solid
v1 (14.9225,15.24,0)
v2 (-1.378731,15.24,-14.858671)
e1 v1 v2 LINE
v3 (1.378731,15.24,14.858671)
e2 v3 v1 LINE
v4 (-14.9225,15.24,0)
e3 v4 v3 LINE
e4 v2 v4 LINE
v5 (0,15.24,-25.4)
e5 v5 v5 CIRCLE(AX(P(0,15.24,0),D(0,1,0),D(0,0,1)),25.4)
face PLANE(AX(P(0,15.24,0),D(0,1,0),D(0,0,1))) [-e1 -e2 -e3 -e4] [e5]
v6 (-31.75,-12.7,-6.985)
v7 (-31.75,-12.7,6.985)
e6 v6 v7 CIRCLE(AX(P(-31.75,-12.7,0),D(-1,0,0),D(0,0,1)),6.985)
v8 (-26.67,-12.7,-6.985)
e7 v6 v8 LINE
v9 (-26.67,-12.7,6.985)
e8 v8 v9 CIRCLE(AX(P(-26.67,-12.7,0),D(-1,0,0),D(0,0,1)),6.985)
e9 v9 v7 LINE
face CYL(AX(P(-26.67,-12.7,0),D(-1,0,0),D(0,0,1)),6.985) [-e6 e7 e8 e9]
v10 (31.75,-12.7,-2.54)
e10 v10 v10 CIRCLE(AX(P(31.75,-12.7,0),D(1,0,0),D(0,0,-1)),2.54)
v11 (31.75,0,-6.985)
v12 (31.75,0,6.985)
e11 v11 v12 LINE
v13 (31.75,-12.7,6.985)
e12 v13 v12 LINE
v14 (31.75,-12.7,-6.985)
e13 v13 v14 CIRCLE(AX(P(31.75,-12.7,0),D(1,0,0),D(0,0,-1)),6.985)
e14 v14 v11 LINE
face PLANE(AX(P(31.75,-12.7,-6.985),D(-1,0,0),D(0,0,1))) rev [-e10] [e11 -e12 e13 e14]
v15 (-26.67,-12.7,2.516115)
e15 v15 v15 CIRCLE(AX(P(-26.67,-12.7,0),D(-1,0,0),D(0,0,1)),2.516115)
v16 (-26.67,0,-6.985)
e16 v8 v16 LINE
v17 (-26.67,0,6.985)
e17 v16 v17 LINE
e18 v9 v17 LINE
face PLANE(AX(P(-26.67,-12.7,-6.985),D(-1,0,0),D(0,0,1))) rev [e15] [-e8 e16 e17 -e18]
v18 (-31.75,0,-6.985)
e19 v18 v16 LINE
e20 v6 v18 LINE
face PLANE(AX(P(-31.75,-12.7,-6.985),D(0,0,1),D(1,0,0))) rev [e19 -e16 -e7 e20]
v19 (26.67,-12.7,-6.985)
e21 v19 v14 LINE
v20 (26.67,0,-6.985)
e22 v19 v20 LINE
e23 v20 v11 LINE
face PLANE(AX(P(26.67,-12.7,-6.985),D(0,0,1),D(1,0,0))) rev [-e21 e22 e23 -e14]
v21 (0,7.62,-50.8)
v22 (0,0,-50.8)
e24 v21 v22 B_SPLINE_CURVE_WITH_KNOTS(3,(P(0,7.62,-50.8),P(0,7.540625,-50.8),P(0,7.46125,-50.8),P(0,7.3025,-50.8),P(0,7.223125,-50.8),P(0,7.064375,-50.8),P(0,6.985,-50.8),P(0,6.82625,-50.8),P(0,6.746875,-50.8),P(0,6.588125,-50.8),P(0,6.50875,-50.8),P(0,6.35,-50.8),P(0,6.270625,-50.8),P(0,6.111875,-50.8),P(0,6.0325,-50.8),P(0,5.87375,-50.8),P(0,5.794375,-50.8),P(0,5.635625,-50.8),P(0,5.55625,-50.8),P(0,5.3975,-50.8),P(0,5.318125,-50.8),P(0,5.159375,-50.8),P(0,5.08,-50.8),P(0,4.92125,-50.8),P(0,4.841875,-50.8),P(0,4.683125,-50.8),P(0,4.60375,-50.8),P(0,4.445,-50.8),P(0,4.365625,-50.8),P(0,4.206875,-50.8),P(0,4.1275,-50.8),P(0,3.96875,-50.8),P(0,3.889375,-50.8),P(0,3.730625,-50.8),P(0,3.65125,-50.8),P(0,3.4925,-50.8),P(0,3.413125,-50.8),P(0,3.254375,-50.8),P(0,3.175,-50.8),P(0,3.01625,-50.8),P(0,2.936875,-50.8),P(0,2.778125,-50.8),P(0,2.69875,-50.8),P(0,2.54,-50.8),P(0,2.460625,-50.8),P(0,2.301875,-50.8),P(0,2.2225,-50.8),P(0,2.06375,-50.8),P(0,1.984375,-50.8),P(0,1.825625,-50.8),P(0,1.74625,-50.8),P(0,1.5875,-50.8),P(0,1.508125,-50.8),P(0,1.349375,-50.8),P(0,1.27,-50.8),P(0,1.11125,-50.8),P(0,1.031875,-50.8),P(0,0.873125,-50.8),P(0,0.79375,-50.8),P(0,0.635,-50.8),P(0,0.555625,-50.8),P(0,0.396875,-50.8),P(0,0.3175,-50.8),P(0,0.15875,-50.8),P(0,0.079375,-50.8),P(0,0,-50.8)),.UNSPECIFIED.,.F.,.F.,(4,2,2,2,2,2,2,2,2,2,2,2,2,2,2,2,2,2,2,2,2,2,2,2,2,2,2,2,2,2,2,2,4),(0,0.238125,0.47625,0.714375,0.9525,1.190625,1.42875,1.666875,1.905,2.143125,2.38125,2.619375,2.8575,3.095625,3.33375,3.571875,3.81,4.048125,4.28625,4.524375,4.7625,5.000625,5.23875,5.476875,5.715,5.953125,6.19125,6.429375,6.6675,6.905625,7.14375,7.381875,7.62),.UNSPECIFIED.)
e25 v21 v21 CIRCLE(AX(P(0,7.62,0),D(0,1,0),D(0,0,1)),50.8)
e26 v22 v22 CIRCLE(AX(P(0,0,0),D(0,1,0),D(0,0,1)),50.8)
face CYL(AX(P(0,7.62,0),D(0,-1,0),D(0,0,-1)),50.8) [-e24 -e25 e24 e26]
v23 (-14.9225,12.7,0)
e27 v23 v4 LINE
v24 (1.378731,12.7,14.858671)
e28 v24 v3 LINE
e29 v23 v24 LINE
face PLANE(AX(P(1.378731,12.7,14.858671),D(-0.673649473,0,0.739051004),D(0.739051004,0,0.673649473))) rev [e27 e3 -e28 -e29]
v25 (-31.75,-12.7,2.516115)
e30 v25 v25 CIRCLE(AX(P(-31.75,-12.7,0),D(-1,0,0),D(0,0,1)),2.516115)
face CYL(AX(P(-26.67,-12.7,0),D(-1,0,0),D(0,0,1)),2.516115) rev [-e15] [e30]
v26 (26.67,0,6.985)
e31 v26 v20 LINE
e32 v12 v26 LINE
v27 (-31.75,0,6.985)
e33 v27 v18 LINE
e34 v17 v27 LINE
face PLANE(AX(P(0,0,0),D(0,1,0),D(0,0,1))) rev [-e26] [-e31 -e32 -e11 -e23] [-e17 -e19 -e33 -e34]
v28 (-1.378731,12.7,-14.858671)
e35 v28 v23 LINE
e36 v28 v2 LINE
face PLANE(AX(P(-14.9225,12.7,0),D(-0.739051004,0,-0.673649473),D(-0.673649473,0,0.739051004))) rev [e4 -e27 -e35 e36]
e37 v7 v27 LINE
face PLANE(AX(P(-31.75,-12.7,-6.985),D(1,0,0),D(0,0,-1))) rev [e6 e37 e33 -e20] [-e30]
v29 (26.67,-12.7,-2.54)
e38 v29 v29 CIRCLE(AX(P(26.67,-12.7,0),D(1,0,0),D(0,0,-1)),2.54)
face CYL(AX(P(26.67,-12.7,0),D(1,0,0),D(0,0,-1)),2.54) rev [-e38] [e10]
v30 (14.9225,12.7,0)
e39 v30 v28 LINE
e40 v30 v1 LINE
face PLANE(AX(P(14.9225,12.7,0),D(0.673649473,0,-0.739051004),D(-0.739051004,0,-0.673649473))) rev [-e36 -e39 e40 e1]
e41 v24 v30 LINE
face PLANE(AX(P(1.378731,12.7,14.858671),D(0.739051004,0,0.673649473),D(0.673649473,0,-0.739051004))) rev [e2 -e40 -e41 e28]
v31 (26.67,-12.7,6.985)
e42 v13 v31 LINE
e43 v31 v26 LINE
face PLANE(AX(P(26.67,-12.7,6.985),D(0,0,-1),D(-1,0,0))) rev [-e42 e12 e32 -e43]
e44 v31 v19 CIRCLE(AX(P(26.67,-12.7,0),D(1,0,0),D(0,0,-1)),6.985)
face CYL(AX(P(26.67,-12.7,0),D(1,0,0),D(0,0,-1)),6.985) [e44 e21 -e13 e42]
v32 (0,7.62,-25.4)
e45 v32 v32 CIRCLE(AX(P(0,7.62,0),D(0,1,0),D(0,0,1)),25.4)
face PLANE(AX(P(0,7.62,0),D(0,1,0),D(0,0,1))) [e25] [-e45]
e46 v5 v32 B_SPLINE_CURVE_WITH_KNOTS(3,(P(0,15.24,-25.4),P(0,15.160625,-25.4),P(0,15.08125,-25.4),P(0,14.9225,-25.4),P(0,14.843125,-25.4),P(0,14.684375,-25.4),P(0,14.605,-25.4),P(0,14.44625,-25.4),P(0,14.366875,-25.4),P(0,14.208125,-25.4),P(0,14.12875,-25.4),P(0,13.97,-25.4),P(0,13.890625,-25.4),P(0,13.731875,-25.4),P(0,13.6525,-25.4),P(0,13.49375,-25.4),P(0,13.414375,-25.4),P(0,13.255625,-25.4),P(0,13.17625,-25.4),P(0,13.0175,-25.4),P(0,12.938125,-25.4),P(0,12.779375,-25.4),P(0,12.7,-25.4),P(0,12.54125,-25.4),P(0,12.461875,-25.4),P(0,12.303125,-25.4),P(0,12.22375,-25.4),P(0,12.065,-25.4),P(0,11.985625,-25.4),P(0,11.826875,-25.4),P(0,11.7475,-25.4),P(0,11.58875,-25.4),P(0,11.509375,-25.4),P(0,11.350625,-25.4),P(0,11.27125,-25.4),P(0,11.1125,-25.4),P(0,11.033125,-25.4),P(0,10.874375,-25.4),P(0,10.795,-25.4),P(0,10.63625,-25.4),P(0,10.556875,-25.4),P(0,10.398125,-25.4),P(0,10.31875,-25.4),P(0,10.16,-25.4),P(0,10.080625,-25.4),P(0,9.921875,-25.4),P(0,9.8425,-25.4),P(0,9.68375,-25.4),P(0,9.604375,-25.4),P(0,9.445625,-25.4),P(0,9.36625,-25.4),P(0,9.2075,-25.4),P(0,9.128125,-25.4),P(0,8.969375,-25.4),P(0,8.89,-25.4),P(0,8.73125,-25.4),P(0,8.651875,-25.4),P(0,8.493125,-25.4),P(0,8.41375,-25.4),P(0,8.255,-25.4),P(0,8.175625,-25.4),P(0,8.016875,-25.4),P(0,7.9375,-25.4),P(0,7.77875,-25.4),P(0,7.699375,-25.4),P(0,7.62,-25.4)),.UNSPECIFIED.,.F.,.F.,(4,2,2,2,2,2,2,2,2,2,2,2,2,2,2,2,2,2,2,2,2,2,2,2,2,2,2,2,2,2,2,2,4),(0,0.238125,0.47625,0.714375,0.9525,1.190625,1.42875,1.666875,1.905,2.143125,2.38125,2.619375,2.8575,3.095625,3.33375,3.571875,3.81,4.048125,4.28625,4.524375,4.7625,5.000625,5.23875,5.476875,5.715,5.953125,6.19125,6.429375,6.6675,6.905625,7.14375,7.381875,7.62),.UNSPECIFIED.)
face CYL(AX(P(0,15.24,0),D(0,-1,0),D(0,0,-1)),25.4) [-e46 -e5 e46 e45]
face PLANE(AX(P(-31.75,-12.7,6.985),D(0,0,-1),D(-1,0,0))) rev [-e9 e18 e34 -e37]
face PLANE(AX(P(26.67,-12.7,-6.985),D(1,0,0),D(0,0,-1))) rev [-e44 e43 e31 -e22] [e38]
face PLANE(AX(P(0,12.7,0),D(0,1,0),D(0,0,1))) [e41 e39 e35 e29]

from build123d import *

# Parameters (mm, degrees)
SKETCH1_R           = 50.8
BOSS_EXTRUDE1_DEPTH = 7.62
SKETCH2_W           = 5.08
SKETCH2_H           = 13.97
BOSS_EXTRUDE2_DEPTH = 12.7
SKETCH3_R           = 6.985
BOSS_EXTRUDE3_DEPTH = 5.08
SKETCH4_R           = 2.516115175
CUT_EXTRUDE1_DEPTH  = 5.08
SKETCH5_W           = 5.08
SKETCH5_H           = 13.97
BOSS_EXTRUDE4_DEPTH = 12.7
BOSS_EXTRUDE5_START = -5.08
SKETCH6_R           = 6.985
BOSS_EXTRUDE5_DEPTH = 5.08
SKETCH8_R           = 2.54
CUT_EXTRUDE2_DEPTH  = 5.08
SKETCH9_R           = 25.4
BOSS_EXTRUDE6_DEPTH = 7.62
CUT_EXTRUDE3_DEPTH  = 2.54


with BuildPart() as part:
    # Sketch1 → Boss-Extrude1 (new body)
    with BuildSketch(Plane(origin=(0, 0, 0), x_dir=(1, 0, 0), z_dir=(0, 1, 0))):
        with Locations(Location((0, 0, 0), (0, 0, 90))):
            Circle(SKETCH1_R)
    extrude(amount=BOSS_EXTRUDE1_DEPTH)

    # Sketch2 → Boss-Extrude2 (add)
    with BuildSketch(Plane.XZ):
        with Locations((-29.21, 0)):
            Rectangle(SKETCH2_W, SKETCH2_H)
    extrude(amount=BOSS_EXTRUDE2_DEPTH)

    # Sketch3 → Boss-Extrude3 (add)
    with BuildSketch(Plane.ZY.offset(31.75)):
        with Locations((0, -12.7)):
            Circle(SKETCH3_R)
    extrude(amount=-BOSS_EXTRUDE3_DEPTH)

    # Sketch4 → Cut-Extrude1 (cut)
    with BuildSketch(Plane.ZY.offset(31.75)):
        with Locations((0, -12.7)):
            Circle(SKETCH4_R)
    extrude(amount=-CUT_EXTRUDE1_DEPTH, mode=Mode.SUBTRACT)

    # Sketch5 → Boss-Extrude4 (add)
    with BuildSketch(Plane.XZ):
        with Locations((29.21, 0)):
            Rectangle(SKETCH5_W, SKETCH5_H)
    extrude(amount=BOSS_EXTRUDE4_DEPTH)

    # Sketch6 → Boss-Extrude5 (add)
    with BuildSketch(Plane(origin=(31.75, 0, 0), x_dir=(0, 0, -1), z_dir=(1, 0, 0)).offset(BOSS_EXTRUDE5_START)):
        with Locations((0, -12.7)):
            Circle(SKETCH6_R)
    extrude(amount=BOSS_EXTRUDE5_DEPTH)

    # Sketch8 → Cut-Extrude2 (cut)
    with BuildSketch(Plane(origin=(31.75, 0, 0), x_dir=(0, 0, -1), z_dir=(1, 0, 0))):
        with Locations((0, -12.7)):
            Circle(SKETCH8_R)
    extrude(amount=-CUT_EXTRUDE2_DEPTH, mode=Mode.SUBTRACT)

    # Sketch9 → Boss-Extrude6 (add)
    with BuildSketch(Plane(origin=(0, 7.62, 0), x_dir=(1, 0, 0), z_dir=(0, 1, 0))):
        with Locations(Location((0, 0, 0), (0, 0, 90))):
            Circle(SKETCH9_R)
    extrude(amount=BOSS_EXTRUDE6_DEPTH)

    # Sketch10 → Cut-Extrude3 (cut)
    with BuildSketch(Plane(origin=(0, 15.24, 0), x_dir=(1, 0, 0), z_dir=(0, 1, 0))):
        Polygon((1.37873117, -14.858671092), (-14.9225, 0), (-1.37873117, 14.858671092), (14.9225, 0), align=None)
    extrude(amount=-CUT_EXTRUDE3_DEPTH, mode=Mode.SUBTRACT)


solid = part.part
